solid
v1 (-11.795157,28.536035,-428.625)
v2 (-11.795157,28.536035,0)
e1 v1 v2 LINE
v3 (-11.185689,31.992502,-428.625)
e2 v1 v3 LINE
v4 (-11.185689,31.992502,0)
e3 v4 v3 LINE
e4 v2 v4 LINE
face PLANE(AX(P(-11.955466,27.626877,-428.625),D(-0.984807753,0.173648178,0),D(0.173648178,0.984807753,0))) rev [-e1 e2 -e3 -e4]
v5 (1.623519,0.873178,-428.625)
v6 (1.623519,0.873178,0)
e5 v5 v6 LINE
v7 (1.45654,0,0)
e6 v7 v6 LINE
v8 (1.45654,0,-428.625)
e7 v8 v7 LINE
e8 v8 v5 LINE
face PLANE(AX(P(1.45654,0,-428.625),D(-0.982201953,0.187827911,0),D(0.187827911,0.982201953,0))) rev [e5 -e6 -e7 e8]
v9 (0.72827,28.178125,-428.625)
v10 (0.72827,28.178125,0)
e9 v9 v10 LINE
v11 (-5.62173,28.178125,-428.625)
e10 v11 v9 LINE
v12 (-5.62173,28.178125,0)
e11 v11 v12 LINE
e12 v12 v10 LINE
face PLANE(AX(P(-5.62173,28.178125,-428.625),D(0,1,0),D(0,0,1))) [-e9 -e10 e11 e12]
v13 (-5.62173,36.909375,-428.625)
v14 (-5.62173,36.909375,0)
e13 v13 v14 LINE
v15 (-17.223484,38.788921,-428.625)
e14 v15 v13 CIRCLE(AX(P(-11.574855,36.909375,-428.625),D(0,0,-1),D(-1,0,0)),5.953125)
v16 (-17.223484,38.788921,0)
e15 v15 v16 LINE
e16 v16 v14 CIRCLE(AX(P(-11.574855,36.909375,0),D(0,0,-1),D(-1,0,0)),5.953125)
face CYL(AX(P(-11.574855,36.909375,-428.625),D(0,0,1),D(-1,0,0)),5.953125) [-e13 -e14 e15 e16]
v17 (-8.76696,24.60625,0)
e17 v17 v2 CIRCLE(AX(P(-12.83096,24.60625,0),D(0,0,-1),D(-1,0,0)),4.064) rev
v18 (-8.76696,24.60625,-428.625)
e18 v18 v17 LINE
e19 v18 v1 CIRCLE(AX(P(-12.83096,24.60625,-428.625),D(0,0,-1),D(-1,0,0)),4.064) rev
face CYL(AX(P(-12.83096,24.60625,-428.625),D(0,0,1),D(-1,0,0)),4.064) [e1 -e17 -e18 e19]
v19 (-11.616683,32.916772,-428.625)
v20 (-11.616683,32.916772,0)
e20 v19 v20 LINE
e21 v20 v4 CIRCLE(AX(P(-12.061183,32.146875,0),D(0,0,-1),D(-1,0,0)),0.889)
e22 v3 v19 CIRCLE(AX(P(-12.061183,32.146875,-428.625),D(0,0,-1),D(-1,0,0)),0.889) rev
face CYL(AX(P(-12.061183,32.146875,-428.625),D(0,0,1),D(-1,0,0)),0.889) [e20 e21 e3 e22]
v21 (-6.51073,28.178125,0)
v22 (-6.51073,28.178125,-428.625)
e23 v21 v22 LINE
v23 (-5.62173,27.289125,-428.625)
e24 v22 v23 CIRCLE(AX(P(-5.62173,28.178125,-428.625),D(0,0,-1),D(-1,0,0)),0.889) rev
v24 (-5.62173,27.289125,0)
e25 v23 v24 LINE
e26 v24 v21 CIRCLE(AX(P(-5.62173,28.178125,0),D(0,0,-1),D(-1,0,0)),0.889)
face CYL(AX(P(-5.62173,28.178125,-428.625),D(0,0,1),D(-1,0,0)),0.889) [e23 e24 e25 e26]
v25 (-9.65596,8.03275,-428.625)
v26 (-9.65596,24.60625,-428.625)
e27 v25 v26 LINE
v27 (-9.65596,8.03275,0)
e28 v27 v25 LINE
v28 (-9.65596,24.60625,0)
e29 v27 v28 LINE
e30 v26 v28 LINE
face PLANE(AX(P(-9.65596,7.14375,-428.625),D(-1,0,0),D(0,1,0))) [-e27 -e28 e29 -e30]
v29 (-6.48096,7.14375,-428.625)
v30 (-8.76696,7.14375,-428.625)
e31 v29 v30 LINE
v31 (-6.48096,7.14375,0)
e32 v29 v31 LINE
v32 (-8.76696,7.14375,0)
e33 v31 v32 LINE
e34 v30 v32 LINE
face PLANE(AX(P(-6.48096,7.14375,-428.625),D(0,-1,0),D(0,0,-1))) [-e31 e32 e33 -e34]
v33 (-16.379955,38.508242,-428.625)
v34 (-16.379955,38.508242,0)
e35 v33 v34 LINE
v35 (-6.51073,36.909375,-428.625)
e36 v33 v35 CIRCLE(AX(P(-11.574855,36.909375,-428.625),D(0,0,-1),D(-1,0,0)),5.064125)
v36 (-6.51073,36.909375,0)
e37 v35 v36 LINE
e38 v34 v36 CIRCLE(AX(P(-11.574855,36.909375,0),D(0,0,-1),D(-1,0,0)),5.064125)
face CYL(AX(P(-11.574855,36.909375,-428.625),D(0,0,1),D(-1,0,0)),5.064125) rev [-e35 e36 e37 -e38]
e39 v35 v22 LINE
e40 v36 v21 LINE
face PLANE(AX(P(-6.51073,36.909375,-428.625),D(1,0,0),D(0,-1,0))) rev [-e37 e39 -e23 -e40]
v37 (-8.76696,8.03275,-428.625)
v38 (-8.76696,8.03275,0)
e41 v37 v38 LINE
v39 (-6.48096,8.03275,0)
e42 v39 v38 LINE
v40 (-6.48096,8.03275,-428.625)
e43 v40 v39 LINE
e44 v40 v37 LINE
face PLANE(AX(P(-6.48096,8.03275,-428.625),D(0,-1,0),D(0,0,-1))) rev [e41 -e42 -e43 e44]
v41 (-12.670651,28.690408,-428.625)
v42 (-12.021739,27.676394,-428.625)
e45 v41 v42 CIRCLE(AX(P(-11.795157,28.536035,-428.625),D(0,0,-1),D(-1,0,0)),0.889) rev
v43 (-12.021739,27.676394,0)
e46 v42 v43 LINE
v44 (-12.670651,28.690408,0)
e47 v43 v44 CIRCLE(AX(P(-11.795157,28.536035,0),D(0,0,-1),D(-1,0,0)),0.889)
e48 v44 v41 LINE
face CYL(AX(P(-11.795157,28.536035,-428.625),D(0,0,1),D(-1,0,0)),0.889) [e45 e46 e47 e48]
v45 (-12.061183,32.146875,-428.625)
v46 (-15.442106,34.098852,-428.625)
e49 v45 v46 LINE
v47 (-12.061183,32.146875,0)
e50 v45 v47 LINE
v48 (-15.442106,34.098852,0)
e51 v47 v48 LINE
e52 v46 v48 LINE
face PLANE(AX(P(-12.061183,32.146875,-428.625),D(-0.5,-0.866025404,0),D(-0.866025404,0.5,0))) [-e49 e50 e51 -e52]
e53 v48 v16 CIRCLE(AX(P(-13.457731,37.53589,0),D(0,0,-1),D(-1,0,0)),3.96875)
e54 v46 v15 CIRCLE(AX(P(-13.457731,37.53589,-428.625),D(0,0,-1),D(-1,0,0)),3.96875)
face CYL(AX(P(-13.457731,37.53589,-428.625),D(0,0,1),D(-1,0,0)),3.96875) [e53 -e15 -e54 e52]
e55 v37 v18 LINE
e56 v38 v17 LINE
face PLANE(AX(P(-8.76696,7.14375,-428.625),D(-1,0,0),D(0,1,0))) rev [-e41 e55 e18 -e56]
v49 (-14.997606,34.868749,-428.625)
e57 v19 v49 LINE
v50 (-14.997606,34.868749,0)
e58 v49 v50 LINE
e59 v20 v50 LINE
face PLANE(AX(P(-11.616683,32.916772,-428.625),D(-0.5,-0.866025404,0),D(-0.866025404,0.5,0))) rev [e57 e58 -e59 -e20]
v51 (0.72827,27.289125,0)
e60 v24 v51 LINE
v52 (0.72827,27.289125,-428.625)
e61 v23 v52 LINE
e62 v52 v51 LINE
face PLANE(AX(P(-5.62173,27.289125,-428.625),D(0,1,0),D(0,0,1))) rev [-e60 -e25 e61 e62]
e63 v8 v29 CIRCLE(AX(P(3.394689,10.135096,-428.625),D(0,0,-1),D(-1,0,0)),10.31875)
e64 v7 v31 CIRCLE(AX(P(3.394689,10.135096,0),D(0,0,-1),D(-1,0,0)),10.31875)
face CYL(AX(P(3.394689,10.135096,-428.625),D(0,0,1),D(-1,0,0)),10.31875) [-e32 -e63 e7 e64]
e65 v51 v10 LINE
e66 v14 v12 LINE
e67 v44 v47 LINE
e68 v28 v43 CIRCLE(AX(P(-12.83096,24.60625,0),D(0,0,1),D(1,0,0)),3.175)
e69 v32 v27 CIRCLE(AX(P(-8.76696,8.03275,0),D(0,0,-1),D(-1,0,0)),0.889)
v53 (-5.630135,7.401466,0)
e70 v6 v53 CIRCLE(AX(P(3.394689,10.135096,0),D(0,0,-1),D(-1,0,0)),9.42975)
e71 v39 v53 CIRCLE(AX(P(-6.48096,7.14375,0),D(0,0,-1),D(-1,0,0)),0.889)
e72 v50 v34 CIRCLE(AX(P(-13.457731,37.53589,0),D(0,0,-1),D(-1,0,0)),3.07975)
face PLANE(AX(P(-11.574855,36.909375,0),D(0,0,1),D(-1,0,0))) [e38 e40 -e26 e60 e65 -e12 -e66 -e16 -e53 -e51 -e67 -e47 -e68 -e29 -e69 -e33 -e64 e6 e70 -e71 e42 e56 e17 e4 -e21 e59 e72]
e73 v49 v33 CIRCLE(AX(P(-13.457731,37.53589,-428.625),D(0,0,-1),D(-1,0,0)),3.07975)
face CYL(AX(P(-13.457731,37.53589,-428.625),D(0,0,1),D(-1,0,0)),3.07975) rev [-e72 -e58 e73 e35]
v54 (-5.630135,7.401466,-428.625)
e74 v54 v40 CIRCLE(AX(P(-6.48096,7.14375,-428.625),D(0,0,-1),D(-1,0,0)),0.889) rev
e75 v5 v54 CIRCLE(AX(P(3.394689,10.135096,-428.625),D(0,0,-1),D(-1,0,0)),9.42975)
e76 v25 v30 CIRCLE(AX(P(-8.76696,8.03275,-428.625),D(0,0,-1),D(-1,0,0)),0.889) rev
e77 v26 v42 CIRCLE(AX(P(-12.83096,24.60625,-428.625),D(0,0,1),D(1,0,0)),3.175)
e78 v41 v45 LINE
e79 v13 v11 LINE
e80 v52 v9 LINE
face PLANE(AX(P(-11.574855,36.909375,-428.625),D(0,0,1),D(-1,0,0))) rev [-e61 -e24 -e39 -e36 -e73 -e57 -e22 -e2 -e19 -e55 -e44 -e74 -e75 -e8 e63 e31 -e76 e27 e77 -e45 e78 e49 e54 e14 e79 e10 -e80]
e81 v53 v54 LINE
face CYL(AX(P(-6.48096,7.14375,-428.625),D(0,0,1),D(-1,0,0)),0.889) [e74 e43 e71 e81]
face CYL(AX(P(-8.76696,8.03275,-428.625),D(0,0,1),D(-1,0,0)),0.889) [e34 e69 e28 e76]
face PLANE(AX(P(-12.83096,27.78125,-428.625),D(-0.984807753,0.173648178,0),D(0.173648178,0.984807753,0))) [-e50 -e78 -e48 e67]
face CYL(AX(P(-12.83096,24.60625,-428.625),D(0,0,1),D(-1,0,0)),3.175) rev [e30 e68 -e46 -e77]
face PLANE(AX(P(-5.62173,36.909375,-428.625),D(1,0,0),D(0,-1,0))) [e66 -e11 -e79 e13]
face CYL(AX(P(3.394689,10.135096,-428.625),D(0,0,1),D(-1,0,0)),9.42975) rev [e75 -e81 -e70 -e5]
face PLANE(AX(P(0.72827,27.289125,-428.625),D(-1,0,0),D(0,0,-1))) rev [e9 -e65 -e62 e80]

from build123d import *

# Parameters (mm, degrees)
EXTRUDE_THIN1_DEPTH = 428.625
FILLET1_R           = 0.889


with BuildPart() as part:
    # Sketch1 → Extrude-Thin1 (new body)
    with BuildSketch(Plane.XY):
        with BuildLine():
            ThreePointArc((0, 0), (4.964730566, 2.465229927), (7.9375, 7.14375))
            Line((7.9375, 7.14375), (11.1125, 7.14375))
            Line((11.1125, 7.14375), (11.1125, 24.60625))
            ThreePointArc((11.1125, 24.60625), (12.04243597, 26.85131403), (14.2875, 27.78125))
            Line((14.2875, 27.78125), (13.517722525, 32.146875))
            Line((13.517722525, 32.146875), (16.898645987, 34.098852071))
            ThreePointArc((16.898645987, 34.098852071), (18.624416275, 36.126706761), (18.680023291, 38.788921177))
            ThreePointArc((18.680023291, 38.788921177), (12.079369103, 42.78588283), (7.078269835, 36.909375))
            Line((7.078269835, 36.909375), (7.078269835, 28.178125))
            Line((7.078269835, 28.178125), (0.728269835, 28.178125))
            Line((0.728269835, 28.178125), (0.728269835, 27.289125))
            Line((0.728269835, 27.289125), (7.967269835, 27.289125))
            Line((7.967269835, 27.289125), (7.967269835, 36.909375))
            ThreePointArc((7.967269835, 36.909375), (12.221538279, 41.908324327), (17.836494775, 38.508242281))
            ThreePointArc((17.836494775, 38.508242281), (17.79334373, 36.442363895), (16.454145987, 34.868748655))
            Line((16.454145987, 34.868748655), (12.534135133, 32.605529333))
            Line((12.534135133, 32.605529333), (13.251696834, 28.536034702))
            ThreePointArc((13.251696834, 28.536034702), (11.068369678, 27.086833796), (10.2235, 24.60625))
            Line((10.2235, 24.60625), (10.2235, 8.03275))
            Line((10.2235, 8.03275), (7.254256557, 8.03275))
            ThreePointArc((7.254256557, 8.03275), (4.608977552, 3.348689722), (-0.166979013, 0.873177536))
            Line((-0.166979013, 0.873177536), (0, 0))
        make_face()
    extrude(amount=-EXTRUDE_THIN1_DEPTH)

    # Fillet1
    fillet1_edges = [part.edges().sort_by_distance(p)[0] for p in [
        (14.2875, 27.78125, -214.3125),
        (11.1125, 7.14375, -214.3125),
        (7.254256557, 8.03275, -214.3125),
        (12.534135133, 32.605529333, -214.3125),
        (7.967269835, 27.289125, -214.3125),
    ]]
    fillet(fillet1_edges, radius=FILLET1_R)


with BuildPart() as body_2:
    # Mirror1: mirrored copy
    add(part.part.mirror(Plane(origin=(0.728269835, 27.289125, -428.625), x_dir=(0, 0, 1), z_dir=(1, 0, 0))))


solid = body_2.part
